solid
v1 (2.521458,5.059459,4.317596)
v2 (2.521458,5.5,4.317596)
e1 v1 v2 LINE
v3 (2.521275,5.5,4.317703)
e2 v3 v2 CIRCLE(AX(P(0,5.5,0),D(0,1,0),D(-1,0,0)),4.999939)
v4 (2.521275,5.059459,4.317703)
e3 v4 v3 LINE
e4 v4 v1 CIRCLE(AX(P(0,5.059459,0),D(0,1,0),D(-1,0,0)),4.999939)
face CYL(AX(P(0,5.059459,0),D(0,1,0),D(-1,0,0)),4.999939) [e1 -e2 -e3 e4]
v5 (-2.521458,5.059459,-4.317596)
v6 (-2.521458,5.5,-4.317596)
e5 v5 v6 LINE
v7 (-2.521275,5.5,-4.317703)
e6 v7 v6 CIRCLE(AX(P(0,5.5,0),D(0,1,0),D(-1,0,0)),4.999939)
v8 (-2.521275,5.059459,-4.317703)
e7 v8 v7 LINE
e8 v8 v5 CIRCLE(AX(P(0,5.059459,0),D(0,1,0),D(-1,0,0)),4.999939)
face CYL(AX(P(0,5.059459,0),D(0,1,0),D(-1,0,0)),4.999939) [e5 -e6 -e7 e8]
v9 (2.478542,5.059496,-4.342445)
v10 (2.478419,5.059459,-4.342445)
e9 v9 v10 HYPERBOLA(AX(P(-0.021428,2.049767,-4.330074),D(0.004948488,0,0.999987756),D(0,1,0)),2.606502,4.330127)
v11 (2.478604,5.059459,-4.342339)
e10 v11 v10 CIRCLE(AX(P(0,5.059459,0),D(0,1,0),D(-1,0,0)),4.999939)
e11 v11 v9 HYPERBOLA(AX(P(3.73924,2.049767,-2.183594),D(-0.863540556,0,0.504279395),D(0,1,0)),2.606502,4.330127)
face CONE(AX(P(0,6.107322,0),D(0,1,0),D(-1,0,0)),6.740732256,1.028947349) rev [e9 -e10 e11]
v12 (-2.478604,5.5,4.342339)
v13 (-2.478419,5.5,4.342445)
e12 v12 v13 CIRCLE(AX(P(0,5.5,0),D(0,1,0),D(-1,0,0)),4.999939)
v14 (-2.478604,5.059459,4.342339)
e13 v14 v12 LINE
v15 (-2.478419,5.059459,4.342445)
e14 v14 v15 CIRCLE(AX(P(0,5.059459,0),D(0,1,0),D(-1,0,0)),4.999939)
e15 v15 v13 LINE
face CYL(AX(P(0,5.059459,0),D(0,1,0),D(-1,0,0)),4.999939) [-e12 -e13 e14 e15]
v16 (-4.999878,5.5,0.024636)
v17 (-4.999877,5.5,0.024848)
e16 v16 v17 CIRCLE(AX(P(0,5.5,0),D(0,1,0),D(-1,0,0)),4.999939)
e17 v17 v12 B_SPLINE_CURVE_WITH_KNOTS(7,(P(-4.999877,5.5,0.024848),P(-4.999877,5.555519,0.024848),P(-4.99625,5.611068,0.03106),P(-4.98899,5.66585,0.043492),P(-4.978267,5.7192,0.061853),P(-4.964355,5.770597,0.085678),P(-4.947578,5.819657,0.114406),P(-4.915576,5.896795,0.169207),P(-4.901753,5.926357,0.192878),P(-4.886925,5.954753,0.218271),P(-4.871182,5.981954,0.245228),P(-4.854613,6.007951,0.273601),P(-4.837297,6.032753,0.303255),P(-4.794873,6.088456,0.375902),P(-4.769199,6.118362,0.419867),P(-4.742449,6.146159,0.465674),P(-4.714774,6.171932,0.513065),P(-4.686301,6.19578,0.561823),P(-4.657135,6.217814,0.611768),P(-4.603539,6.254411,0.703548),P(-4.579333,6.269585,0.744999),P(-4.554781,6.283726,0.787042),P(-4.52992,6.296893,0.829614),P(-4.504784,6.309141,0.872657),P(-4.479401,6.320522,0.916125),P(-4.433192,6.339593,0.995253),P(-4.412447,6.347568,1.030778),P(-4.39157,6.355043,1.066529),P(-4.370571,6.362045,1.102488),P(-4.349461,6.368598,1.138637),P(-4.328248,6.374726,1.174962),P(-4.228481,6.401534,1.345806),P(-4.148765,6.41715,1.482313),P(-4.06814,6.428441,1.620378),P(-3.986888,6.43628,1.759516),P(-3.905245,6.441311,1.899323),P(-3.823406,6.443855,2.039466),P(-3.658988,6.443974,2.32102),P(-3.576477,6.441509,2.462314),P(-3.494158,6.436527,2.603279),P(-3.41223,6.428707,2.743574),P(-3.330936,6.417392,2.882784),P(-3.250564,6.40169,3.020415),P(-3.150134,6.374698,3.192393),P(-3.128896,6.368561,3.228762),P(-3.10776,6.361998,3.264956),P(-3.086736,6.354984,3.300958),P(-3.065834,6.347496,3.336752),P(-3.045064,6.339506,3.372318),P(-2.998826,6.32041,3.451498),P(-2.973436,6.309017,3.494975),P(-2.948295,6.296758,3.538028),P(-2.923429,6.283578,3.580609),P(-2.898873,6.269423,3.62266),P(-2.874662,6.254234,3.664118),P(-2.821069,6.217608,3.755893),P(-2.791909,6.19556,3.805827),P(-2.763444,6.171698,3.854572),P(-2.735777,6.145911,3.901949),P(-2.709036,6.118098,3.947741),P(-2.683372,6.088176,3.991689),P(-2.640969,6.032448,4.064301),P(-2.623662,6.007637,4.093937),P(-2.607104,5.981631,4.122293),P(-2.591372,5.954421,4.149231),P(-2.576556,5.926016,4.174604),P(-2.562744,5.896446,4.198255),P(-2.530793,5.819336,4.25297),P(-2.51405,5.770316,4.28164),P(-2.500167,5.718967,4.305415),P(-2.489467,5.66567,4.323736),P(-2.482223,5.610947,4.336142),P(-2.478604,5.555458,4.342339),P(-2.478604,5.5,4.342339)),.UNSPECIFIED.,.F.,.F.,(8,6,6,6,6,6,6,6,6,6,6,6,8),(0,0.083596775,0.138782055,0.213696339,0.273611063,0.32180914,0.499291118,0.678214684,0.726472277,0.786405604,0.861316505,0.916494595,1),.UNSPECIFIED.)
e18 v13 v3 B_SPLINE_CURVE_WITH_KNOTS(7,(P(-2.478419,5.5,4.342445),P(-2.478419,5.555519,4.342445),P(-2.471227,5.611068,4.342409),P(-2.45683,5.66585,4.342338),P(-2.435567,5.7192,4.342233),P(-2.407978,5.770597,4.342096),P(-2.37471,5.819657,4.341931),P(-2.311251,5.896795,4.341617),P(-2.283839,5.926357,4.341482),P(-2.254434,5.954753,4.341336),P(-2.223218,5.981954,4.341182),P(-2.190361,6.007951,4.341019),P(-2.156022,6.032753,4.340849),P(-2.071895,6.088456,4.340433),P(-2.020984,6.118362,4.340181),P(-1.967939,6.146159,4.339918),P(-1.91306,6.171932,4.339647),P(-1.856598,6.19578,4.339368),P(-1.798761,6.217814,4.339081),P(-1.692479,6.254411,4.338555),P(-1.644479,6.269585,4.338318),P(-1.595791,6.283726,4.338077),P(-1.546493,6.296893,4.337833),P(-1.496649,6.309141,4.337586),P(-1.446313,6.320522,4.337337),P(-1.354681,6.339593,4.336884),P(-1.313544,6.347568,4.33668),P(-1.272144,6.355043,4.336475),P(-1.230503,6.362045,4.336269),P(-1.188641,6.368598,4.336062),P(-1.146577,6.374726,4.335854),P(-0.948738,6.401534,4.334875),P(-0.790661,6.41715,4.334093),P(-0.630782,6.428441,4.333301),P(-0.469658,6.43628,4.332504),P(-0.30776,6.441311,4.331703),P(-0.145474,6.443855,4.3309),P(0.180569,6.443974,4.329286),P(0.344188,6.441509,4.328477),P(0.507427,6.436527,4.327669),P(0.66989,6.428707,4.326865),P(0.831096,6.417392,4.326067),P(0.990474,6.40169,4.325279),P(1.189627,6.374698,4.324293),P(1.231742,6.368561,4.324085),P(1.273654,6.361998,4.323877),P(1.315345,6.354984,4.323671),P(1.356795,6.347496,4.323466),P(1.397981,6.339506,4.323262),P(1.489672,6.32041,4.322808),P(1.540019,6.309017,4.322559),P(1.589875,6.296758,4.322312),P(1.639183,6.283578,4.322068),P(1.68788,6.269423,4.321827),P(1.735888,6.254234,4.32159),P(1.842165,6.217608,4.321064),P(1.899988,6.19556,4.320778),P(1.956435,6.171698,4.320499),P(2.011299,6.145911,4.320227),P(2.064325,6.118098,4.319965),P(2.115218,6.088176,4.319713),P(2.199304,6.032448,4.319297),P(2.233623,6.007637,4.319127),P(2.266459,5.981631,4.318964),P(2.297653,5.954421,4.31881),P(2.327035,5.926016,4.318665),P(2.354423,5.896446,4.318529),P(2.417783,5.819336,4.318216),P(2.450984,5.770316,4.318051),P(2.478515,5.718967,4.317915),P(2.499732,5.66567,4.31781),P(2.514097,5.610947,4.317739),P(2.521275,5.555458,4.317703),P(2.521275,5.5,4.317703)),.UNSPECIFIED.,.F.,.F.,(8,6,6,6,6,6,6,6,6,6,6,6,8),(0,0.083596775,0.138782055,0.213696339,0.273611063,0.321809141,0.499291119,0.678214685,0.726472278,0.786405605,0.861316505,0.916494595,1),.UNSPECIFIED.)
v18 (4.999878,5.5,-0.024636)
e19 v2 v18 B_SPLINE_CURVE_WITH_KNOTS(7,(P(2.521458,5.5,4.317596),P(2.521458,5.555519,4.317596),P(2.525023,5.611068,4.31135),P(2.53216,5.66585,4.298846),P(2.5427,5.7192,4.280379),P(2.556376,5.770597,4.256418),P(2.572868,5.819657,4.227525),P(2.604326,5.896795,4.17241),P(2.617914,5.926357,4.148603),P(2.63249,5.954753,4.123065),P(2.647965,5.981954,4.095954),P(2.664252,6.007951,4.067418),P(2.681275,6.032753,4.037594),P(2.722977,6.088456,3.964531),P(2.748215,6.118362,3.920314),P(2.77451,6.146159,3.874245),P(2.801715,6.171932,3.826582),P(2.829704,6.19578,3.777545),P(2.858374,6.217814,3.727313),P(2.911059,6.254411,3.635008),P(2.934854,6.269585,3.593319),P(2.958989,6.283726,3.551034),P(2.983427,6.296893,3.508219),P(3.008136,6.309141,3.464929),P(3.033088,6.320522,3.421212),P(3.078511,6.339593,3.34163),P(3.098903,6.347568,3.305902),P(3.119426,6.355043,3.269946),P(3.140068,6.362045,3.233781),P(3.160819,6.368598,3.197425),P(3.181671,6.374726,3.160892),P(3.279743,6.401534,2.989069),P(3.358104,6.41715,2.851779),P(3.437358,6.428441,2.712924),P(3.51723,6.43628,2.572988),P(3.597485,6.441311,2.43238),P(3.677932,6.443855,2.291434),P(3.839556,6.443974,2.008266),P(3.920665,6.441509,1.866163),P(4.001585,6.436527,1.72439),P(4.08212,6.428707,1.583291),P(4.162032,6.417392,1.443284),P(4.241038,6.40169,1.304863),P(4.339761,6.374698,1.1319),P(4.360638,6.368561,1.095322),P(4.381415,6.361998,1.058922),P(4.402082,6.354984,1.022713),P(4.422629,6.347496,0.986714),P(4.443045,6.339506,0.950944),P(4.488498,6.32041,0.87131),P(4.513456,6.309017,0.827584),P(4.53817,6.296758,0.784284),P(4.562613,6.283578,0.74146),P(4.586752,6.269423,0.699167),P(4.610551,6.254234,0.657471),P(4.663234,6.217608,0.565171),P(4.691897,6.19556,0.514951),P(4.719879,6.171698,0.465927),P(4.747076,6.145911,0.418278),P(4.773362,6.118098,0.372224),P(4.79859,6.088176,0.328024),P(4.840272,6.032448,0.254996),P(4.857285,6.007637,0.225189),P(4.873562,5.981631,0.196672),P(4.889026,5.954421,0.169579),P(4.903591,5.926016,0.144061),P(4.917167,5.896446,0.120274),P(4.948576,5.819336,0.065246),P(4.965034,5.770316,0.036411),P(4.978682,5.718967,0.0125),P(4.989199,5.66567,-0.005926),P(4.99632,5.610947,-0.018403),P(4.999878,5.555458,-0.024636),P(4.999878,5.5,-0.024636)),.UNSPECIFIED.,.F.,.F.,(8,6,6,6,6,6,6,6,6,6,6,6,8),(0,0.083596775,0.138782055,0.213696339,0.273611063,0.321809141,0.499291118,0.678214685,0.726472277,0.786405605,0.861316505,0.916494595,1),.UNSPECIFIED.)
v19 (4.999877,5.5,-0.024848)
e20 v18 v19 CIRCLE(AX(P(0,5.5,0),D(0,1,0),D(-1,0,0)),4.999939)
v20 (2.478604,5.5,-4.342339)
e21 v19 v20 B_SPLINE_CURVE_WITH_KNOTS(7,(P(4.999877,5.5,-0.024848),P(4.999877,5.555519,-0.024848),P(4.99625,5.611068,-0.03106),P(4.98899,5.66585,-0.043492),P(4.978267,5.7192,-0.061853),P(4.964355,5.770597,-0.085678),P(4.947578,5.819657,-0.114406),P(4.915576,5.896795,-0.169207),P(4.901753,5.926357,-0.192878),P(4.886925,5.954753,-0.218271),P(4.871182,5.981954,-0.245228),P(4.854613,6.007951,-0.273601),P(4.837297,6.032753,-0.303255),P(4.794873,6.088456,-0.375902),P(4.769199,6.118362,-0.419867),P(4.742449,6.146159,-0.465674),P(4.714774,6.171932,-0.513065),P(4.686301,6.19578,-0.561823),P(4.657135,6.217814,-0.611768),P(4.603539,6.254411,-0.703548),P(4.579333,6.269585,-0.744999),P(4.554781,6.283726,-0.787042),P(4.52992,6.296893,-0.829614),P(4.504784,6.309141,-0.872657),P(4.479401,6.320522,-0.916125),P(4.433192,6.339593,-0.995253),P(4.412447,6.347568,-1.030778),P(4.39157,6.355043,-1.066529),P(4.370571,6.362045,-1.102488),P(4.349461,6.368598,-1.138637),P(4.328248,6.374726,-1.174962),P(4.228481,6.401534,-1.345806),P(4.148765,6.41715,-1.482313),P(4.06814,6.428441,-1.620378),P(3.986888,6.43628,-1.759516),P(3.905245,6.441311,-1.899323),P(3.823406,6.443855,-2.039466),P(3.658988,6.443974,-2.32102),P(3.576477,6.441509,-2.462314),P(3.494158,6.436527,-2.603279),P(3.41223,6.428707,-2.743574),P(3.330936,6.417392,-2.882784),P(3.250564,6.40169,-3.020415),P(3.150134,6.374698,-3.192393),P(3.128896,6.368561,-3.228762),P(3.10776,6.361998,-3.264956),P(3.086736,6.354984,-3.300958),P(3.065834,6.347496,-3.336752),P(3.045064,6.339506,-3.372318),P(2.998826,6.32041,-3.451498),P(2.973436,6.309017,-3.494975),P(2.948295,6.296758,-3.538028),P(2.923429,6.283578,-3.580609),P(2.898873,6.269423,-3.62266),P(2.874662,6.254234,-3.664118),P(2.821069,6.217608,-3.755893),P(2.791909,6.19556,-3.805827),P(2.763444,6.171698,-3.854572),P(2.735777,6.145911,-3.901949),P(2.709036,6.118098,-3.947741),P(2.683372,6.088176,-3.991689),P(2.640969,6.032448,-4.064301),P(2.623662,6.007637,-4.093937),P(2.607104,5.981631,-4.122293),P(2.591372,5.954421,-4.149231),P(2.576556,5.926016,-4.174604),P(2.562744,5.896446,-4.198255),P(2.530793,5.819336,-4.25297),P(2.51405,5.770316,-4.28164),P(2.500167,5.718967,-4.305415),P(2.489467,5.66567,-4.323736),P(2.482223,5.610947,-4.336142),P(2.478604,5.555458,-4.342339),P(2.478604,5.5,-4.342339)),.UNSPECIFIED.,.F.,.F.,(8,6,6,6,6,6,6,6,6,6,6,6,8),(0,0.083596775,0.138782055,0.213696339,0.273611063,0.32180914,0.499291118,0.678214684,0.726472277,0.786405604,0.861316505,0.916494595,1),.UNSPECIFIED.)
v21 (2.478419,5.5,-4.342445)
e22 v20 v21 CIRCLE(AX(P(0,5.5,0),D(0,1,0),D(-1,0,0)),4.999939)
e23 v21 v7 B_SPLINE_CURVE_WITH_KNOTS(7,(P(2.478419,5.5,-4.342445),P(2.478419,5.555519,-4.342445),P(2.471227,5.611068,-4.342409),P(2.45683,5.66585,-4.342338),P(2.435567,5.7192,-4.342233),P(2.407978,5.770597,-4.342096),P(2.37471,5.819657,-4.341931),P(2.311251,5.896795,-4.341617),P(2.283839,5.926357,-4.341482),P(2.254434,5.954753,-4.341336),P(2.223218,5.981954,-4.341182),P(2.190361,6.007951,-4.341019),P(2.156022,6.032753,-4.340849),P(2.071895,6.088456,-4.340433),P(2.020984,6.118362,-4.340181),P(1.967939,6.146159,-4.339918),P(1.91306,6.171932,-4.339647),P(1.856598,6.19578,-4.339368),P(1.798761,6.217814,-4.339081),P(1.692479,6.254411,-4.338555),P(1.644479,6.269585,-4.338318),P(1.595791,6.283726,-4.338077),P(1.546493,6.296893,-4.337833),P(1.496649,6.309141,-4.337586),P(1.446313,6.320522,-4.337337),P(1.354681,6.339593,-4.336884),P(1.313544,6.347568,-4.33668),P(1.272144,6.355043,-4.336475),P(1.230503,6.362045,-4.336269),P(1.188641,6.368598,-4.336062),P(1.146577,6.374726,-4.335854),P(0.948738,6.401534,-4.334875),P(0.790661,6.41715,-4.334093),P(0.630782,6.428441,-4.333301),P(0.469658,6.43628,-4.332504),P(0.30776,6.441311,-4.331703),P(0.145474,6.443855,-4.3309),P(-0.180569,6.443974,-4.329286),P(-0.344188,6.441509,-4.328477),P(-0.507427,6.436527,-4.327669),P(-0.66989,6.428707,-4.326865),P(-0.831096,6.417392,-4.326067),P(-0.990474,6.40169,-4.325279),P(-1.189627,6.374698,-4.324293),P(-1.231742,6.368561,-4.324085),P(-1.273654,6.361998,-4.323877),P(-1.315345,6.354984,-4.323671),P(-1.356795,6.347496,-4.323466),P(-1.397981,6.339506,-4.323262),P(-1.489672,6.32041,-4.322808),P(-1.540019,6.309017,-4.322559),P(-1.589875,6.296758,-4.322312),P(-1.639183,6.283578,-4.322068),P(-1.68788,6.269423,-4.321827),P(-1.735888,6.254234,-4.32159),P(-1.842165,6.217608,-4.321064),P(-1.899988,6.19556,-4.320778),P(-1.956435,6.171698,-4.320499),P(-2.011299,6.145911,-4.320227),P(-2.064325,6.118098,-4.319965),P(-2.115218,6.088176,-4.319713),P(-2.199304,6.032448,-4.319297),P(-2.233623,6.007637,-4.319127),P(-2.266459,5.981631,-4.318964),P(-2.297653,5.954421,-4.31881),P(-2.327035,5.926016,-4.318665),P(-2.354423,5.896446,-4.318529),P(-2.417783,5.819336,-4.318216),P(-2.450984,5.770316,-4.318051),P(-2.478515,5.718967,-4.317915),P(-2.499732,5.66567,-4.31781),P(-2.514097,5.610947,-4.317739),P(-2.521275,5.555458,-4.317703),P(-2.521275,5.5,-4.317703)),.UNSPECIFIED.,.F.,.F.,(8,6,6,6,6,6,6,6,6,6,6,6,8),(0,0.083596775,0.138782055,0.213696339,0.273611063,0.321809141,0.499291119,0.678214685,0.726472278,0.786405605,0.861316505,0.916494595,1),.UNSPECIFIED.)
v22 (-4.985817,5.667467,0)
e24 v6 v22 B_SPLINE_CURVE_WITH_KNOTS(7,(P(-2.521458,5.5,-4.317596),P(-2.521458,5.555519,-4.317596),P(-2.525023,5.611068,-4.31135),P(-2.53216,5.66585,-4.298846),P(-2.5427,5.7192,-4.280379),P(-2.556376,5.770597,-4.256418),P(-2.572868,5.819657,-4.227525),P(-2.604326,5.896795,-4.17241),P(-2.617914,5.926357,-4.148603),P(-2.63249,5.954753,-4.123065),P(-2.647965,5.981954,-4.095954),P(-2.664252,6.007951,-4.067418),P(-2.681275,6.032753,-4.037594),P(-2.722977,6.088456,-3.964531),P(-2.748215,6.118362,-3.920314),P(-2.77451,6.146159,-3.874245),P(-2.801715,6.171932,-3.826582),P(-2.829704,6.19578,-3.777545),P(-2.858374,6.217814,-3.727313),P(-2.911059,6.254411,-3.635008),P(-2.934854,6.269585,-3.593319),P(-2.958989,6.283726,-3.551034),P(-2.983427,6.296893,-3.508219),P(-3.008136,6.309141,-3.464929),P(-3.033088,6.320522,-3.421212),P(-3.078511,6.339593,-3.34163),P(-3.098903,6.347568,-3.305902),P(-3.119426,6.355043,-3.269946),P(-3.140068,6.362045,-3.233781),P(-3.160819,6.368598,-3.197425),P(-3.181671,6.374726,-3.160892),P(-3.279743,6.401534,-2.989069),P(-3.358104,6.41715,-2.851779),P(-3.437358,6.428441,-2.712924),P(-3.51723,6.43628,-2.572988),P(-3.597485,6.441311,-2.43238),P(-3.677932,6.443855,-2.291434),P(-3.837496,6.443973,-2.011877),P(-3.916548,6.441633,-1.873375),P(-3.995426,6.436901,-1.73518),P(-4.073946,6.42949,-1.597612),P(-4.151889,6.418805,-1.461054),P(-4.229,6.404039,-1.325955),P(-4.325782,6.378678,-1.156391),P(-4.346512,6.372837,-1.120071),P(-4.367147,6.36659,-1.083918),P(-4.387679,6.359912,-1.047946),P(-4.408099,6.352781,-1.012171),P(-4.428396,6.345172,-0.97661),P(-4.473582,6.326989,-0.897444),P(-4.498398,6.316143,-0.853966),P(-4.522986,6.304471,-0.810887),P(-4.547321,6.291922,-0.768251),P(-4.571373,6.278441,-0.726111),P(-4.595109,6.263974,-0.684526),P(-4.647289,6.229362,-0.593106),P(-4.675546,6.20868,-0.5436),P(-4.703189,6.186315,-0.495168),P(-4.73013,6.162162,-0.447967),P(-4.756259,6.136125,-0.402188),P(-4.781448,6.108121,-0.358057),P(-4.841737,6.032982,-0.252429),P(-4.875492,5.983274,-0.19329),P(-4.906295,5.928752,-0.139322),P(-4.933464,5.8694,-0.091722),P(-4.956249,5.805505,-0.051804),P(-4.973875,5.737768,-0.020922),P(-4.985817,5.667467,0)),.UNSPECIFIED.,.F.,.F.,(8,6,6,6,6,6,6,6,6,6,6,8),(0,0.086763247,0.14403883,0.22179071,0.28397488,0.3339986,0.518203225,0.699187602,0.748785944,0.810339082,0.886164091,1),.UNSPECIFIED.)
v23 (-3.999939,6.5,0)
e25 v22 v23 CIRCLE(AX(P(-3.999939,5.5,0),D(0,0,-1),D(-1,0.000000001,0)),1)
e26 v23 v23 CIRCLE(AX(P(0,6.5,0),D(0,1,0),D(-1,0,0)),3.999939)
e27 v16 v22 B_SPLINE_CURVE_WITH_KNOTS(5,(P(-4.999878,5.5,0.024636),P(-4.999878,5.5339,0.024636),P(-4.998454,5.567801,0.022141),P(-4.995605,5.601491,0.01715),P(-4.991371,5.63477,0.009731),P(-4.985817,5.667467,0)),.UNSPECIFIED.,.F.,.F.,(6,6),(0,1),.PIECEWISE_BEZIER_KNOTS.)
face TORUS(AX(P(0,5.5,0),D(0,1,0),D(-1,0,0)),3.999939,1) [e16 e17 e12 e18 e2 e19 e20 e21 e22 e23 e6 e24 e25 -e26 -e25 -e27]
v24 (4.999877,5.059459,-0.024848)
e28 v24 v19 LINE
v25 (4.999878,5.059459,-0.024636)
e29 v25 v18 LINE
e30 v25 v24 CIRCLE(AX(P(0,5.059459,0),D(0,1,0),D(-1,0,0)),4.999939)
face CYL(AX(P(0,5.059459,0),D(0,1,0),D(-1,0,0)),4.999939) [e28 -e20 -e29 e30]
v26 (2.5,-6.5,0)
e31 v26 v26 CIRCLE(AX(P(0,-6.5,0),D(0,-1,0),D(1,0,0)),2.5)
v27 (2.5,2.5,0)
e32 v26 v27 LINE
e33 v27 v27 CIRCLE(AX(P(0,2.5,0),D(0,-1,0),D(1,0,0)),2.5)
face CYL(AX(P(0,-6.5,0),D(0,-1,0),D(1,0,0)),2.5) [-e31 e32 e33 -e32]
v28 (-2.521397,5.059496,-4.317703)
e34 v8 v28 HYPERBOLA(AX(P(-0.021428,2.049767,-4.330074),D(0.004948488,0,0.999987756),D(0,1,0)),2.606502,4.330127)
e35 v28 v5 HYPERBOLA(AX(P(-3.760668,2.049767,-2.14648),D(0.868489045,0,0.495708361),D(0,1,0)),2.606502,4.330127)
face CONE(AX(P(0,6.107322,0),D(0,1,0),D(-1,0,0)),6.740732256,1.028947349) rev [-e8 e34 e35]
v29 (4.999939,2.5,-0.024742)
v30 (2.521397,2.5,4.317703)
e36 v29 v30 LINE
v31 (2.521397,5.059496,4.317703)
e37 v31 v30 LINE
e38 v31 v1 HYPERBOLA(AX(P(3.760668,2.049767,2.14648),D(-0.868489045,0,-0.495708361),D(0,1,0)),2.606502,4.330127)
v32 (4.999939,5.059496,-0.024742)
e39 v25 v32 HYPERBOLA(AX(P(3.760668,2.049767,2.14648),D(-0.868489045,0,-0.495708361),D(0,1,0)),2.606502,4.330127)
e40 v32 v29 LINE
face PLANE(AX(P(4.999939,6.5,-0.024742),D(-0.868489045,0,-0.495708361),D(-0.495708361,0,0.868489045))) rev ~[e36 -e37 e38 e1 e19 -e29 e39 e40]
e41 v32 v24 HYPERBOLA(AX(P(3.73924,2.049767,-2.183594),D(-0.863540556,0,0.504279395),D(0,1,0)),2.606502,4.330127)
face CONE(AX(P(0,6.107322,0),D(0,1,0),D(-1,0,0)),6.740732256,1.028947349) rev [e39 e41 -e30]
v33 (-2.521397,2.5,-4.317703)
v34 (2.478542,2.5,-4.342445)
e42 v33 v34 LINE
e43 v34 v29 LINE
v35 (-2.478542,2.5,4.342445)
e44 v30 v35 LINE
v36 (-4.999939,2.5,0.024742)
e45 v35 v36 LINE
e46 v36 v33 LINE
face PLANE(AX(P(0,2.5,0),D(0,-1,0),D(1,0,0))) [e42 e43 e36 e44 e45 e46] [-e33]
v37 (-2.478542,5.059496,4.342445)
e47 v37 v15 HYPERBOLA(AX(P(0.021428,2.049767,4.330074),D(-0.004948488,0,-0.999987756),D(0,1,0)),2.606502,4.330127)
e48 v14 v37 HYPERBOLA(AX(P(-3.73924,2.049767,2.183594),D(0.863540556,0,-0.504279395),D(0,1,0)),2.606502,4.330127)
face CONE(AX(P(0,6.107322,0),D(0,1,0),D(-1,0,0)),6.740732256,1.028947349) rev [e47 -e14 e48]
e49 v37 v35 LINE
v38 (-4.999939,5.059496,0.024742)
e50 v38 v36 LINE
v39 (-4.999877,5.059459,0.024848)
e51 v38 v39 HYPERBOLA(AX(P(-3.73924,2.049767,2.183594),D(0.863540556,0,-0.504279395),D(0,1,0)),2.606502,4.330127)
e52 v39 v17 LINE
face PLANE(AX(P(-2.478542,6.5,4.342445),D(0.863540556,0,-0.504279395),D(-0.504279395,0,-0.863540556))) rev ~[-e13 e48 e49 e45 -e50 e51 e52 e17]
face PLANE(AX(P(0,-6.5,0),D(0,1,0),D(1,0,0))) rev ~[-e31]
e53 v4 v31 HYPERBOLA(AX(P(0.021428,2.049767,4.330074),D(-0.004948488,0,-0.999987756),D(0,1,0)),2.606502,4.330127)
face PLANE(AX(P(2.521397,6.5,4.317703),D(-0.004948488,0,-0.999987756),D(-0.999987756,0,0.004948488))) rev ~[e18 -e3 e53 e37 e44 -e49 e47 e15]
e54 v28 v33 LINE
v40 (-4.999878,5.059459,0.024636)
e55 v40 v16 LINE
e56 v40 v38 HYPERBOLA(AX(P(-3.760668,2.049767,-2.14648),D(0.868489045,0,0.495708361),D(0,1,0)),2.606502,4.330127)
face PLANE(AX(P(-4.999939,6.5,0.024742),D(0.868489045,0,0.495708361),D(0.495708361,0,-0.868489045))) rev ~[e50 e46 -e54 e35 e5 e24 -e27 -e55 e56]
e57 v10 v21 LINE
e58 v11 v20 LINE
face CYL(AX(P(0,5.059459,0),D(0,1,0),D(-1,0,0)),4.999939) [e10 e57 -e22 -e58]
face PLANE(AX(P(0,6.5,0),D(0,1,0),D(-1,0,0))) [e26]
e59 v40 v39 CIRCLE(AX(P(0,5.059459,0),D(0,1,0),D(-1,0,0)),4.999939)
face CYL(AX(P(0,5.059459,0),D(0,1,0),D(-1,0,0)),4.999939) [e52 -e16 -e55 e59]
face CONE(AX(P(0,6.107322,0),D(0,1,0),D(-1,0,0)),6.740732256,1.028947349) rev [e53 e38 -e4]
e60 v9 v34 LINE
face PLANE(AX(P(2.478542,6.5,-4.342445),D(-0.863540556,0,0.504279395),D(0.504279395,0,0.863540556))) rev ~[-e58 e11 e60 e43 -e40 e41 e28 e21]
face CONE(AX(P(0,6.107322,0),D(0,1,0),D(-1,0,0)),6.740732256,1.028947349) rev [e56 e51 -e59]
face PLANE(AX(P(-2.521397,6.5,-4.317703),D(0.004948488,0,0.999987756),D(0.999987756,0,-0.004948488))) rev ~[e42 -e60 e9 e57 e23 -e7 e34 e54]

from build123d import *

# Parameters (mm, degrees)
SKETCH1_R           = 5
BOSS_EXTRUDE1_DEPTH = 6.5
SKETCH2_R           = 5
SKETCH2_R_2         = 2.5
CUT_EXTRUDE1_DEPTH  = 9
CUT_EXTRUDE2_DEPTH  = 4


with BuildPart() as part:
    # Sketch1 → Boss-Extrude1 (new body, symmetric)
    with BuildSketch(Plane(origin=(0, 0, 0), x_dir=(1, 0, 0), z_dir=(0, 1, 0))):
        Circle(SKETCH1_R)
    extrude(amount=BOSS_EXTRUDE1_DEPTH, both=True)

    # Sketch2 → Cut-Extrude1 (cut)
    with BuildSketch(Plane.XZ.offset(6.5)):
        Circle(SKETCH2_R)
        Circle(SKETCH2_R_2, mode=Mode.SUBTRACT)
    extrude(amount=-CUT_EXTRUDE1_DEPTH, mode=Mode.SUBTRACT)

    # Sketch4 → Cut-Extrude2 (cut)
    with BuildSketch(Plane(origin=(0, 6.5, 0), x_dir=(1, 0, 0), z_dir=(0, 1, 0))):
        with BuildLine():
            Line((-4.999938781, -0.024742442), (-2.521396974, 4.317702781))
            ThreePointArc((-2.521396974, 4.317702781), (-4.342445223, 2.478541807), (-4.999938781, -0.024742442))
        make_face()
        with BuildLine():
            Line((-2.478541807, -4.342445223), (-4.999938781, -0.024742442))
            ThreePointArc((-4.999938781, -0.024742442), (-4.317702781, -2.521396974), (-2.478541807, -4.342445223))
        make_face()
        with BuildLine():
            ThreePointArc((-2.478541807, -4.342445223), (0.024742442, -4.999938781), (2.521396974, -4.317702781))
            Line((2.521396974, -4.317702781), (-2.478541807, -4.342445223))
        make_face()
        with BuildLine():
            ThreePointArc((5, 0), (4.999984695, 0.012371259), (4.999938781, 0.024742442))
            Line((4.999938781, 0.024742442), (2.521396974, -4.317702781))
            ThreePointArc((2.521396974, -4.317702781), (4.336299394, -2.489278523), (5, 0))
        make_face()
        with BuildLine():
            ThreePointArc((4.999938781, 0.024742442), (4.317702781, 2.521396974), (2.478541807, 4.342445223))
            Line((2.478541807, 4.342445223), (4.999938781, 0.024742442))
        make_face()
        with BuildLine():
            Line((-2.521396974, 4.317702781), (2.478541807, 4.342445223))
            ThreePointArc((2.478541807, 4.342445223), (-0.024742442, 4.999938781), (-2.521396974, 4.317702781))
        make_face()
    extrude(amount=-CUT_EXTRUDE2_DEPTH, mode=Mode.SUBTRACT)

    # Sketch5 → Cut-Revolve1 (revolve, cut)
    with BuildSketch(Plane.XY):
        with BuildLine():
            Line((-3.722260503, 6.5), (-3.722260503, 8.060451161))
            Line((-3.722260503, 8.060451161), (-6.740732256, 6.10732238))
            Line((-6.740732256, 6.10732238), (-4.999938781, 5.059459129))
            Line((-4.999938781, 5.059459129), (-4.999938781, 5.5))
            ThreePointArc((-4.999938781, 5.5), (-4.707045562, 6.207106781), (-3.999938781, 6.5))
            Line((-3.999938781, 6.5), (-3.722260503, 6.5))
        make_face()
    revolve(axis=Axis((0, 0, 0), (0, 1, 0)), mode=Mode.SUBTRACT)


solid = part.part
